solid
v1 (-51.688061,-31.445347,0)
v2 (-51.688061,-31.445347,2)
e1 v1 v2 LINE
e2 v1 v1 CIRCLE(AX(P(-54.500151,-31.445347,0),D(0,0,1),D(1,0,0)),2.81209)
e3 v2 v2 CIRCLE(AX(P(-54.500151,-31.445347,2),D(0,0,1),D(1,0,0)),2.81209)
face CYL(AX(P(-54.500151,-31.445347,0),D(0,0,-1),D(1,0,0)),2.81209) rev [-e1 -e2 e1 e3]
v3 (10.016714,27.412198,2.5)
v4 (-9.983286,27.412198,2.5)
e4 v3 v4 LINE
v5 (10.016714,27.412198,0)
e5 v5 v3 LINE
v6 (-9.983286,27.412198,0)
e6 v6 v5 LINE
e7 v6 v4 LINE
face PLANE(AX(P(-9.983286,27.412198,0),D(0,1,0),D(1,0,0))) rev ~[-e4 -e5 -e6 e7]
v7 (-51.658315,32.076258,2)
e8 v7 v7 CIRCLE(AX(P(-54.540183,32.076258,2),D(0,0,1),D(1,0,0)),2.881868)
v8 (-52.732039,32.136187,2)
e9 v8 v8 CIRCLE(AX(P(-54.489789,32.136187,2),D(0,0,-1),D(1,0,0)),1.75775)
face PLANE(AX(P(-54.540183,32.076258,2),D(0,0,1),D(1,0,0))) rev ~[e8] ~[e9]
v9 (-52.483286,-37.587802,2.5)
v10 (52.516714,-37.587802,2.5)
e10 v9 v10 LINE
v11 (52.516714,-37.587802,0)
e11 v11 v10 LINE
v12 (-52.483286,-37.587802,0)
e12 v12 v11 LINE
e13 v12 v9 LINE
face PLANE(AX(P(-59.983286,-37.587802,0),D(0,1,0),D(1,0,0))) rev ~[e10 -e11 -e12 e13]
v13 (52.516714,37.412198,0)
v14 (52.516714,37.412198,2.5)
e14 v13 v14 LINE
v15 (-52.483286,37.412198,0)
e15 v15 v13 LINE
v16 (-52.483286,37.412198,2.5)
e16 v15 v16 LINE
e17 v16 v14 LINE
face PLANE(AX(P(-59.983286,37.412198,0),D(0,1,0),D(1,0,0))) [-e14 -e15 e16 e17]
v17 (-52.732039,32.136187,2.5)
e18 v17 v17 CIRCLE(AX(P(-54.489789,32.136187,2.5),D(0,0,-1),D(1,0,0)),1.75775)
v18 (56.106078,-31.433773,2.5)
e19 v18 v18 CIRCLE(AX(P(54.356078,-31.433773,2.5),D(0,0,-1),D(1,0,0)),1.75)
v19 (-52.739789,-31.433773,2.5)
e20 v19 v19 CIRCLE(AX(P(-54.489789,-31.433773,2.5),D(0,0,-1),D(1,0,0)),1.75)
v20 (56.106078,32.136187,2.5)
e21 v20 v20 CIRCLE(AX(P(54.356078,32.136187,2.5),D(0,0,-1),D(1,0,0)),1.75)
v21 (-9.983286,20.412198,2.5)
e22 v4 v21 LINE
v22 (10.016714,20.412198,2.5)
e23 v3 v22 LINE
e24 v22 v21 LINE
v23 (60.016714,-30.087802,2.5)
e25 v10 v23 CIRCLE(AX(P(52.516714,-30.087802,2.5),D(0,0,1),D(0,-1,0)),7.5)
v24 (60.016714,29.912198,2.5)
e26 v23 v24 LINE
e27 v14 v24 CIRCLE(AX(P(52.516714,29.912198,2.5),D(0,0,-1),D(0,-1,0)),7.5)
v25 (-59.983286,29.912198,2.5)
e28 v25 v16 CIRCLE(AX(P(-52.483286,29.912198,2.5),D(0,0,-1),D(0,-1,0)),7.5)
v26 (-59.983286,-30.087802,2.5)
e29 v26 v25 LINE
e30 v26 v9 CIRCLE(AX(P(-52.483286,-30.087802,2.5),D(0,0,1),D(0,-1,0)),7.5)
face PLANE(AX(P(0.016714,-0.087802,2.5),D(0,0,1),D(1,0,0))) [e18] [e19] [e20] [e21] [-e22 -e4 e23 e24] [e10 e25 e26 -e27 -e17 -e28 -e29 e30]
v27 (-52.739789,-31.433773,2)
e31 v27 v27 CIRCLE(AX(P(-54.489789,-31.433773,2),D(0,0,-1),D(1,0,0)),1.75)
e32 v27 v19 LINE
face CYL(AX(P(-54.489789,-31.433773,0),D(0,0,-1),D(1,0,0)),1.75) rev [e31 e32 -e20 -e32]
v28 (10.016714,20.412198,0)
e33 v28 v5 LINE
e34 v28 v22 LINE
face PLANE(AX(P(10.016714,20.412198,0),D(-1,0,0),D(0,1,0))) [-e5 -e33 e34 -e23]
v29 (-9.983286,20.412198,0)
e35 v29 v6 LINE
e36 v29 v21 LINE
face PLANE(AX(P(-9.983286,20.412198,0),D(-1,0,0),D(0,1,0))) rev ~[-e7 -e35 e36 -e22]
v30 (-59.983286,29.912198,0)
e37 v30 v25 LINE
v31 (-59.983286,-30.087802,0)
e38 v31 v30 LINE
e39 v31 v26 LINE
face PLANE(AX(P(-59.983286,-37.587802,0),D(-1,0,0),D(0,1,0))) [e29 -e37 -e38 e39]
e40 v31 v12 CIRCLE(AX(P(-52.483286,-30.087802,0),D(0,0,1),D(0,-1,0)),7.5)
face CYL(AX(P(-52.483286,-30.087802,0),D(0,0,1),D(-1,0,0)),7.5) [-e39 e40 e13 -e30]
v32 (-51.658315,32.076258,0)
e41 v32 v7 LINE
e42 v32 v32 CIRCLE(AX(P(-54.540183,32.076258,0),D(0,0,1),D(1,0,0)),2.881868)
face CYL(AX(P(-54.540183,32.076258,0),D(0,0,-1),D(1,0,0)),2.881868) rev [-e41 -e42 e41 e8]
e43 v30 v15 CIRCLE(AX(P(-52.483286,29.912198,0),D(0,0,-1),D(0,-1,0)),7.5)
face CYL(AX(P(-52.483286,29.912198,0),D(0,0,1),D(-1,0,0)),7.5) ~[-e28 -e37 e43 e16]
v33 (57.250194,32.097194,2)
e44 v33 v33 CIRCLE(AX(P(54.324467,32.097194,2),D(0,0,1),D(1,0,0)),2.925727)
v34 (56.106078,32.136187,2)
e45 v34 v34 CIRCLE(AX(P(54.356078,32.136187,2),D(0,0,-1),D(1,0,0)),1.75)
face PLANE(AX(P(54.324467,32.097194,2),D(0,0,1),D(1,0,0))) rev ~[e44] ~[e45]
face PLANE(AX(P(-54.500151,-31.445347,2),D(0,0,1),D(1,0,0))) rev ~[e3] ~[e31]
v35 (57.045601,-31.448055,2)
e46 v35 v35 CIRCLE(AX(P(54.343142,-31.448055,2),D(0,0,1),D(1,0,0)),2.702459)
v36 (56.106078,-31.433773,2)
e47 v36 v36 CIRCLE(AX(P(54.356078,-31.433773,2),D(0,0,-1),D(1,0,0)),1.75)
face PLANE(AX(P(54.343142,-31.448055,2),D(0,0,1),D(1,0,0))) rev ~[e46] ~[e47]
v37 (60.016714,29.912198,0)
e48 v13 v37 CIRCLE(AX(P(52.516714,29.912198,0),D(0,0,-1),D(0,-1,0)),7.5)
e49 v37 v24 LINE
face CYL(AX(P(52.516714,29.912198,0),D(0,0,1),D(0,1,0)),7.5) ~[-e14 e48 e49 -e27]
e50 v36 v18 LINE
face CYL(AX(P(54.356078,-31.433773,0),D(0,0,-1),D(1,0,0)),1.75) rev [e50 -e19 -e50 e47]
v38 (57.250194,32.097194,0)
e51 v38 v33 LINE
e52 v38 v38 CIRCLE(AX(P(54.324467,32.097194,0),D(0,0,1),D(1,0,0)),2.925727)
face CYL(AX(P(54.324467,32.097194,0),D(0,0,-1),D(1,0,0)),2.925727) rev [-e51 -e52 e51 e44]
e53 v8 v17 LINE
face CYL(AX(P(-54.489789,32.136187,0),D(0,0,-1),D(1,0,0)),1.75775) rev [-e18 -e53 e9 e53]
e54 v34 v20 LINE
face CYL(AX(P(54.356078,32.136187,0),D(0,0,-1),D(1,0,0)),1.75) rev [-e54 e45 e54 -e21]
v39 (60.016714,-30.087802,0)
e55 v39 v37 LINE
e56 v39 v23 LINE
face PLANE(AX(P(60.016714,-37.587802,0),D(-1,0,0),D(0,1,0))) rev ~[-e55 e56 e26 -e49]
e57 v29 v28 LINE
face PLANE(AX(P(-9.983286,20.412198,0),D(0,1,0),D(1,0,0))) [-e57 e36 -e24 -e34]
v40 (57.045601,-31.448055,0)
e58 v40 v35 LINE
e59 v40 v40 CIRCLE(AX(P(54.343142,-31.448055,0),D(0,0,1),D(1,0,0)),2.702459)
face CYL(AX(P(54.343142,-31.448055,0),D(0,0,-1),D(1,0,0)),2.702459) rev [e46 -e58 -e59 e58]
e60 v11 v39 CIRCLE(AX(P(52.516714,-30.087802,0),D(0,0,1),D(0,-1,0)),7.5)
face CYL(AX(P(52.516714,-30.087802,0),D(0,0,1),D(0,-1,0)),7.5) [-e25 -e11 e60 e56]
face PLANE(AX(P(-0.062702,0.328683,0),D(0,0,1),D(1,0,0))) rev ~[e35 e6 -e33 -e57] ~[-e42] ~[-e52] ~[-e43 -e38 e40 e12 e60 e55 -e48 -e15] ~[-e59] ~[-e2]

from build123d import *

# Parameters (mm, degrees)
F0_W      = 120
F0_H      = 75
F1_DEPTH  = 2.5
F2_R      = 7.5
F4_DEPTH  = 2.5
F6_R      = 2.702459
F6_R_2    = 2.81209
F6_R_3    = 2.881868
F6_R_4    = 2.925727
F7_DEPTH  = 2
F5_R      = 1.75775
F5_R_2    = 1.75
F8_DEPTH  = 25
F9_W      = 20
F9_H      = 7
F10_DEPTH = 25


with BuildPart() as f1:
    # F0 (on Top) → F1 (new body)
    with BuildSketch(Plane.XY):
        with Locations((0.016714, -0.087802)):
            Rectangle(F0_W, F0_H)
        Polygon((54.356078, -27.587802), (50.016714, -27.587802), (50.016714, -31.433773), (-49.983286, -31.433773), (-49.983286, -27.587802), (-54.489789, -27.587802), (-54.489789, 27.412198), (-49.983286, 27.412198), (-49.983286, 32.136187), (50.016714, 32.136187), (50.016714, 27.412198), (54.356078, 27.412198), align=None, mode=Mode.SUBTRACT)
    extrude(amount=F1_DEPTH)

    # F2
    f2_edges = [f1.edges().sort_by_distance(p)[0] for p in [
        (-59.983286, 37.412198, 1.25),
        (-59.983286, -37.587802, 1.25),
        (60.016714, -37.587802, 1.25),
        (60.016714, 37.412198, 1.25),
    ]]
    fillet(f2_edges, radius=F2_R)

    # F3 (on Top) → F4 (join)
    with BuildSketch(Plane.XY):
        Polygon((50.016714, -31.433773), (50.016714, -27.587802), (54.356078, -27.587802), (54.356078, 27.412198), (50.016714, 27.412198), (50.016714, 32.136187), (-49.983286, 32.136187), (-49.983286, 27.412198), (-54.489789, 27.412198), (-54.489789, -27.587802), (-49.983286, -27.587802), (-49.983286, -31.433773), align=None)
    extrude(amount=F4_DEPTH)

    # F6 (on face) → F7 (cut)
    with BuildSketch(Plane.XY):
        with Locations((54.343142, -31.448055)):
            Circle(F6_R)
        with Locations((-54.500151, -31.445347)):
            Circle(F6_R_2)
        with Locations((-54.540183, 32.076258)):
            Circle(F6_R_3)
        with Locations((54.324467, 32.097194)):
            Circle(F6_R_4)
    extrude(amount=F7_DEPTH, mode=Mode.SUBTRACT)

    # F5 (on Top) → F8 (cut)
    with BuildSketch(Plane.XY):
        with Locations((-54.489789, 32.136187)):
            Circle(F5_R)
        with Locations((54.356078, 32.136187)):
            Circle(F5_R_2)
        with Locations((54.356078, -31.433773)):
            Circle(F5_R_2)
        with Locations((-54.489789, -31.433773)):
            Circle(F5_R_2)
    extrude(amount=F8_DEPTH, mode=Mode.SUBTRACT)

    # F9 (on face) → F10 (cut)
    with BuildSketch(Plane.XY):
        with Locations((0.016714, 23.912198)):
            Rectangle(F9_W, F9_H)
    extrude(amount=F10_DEPTH, mode=Mode.SUBTRACT)


solid = f1.part
